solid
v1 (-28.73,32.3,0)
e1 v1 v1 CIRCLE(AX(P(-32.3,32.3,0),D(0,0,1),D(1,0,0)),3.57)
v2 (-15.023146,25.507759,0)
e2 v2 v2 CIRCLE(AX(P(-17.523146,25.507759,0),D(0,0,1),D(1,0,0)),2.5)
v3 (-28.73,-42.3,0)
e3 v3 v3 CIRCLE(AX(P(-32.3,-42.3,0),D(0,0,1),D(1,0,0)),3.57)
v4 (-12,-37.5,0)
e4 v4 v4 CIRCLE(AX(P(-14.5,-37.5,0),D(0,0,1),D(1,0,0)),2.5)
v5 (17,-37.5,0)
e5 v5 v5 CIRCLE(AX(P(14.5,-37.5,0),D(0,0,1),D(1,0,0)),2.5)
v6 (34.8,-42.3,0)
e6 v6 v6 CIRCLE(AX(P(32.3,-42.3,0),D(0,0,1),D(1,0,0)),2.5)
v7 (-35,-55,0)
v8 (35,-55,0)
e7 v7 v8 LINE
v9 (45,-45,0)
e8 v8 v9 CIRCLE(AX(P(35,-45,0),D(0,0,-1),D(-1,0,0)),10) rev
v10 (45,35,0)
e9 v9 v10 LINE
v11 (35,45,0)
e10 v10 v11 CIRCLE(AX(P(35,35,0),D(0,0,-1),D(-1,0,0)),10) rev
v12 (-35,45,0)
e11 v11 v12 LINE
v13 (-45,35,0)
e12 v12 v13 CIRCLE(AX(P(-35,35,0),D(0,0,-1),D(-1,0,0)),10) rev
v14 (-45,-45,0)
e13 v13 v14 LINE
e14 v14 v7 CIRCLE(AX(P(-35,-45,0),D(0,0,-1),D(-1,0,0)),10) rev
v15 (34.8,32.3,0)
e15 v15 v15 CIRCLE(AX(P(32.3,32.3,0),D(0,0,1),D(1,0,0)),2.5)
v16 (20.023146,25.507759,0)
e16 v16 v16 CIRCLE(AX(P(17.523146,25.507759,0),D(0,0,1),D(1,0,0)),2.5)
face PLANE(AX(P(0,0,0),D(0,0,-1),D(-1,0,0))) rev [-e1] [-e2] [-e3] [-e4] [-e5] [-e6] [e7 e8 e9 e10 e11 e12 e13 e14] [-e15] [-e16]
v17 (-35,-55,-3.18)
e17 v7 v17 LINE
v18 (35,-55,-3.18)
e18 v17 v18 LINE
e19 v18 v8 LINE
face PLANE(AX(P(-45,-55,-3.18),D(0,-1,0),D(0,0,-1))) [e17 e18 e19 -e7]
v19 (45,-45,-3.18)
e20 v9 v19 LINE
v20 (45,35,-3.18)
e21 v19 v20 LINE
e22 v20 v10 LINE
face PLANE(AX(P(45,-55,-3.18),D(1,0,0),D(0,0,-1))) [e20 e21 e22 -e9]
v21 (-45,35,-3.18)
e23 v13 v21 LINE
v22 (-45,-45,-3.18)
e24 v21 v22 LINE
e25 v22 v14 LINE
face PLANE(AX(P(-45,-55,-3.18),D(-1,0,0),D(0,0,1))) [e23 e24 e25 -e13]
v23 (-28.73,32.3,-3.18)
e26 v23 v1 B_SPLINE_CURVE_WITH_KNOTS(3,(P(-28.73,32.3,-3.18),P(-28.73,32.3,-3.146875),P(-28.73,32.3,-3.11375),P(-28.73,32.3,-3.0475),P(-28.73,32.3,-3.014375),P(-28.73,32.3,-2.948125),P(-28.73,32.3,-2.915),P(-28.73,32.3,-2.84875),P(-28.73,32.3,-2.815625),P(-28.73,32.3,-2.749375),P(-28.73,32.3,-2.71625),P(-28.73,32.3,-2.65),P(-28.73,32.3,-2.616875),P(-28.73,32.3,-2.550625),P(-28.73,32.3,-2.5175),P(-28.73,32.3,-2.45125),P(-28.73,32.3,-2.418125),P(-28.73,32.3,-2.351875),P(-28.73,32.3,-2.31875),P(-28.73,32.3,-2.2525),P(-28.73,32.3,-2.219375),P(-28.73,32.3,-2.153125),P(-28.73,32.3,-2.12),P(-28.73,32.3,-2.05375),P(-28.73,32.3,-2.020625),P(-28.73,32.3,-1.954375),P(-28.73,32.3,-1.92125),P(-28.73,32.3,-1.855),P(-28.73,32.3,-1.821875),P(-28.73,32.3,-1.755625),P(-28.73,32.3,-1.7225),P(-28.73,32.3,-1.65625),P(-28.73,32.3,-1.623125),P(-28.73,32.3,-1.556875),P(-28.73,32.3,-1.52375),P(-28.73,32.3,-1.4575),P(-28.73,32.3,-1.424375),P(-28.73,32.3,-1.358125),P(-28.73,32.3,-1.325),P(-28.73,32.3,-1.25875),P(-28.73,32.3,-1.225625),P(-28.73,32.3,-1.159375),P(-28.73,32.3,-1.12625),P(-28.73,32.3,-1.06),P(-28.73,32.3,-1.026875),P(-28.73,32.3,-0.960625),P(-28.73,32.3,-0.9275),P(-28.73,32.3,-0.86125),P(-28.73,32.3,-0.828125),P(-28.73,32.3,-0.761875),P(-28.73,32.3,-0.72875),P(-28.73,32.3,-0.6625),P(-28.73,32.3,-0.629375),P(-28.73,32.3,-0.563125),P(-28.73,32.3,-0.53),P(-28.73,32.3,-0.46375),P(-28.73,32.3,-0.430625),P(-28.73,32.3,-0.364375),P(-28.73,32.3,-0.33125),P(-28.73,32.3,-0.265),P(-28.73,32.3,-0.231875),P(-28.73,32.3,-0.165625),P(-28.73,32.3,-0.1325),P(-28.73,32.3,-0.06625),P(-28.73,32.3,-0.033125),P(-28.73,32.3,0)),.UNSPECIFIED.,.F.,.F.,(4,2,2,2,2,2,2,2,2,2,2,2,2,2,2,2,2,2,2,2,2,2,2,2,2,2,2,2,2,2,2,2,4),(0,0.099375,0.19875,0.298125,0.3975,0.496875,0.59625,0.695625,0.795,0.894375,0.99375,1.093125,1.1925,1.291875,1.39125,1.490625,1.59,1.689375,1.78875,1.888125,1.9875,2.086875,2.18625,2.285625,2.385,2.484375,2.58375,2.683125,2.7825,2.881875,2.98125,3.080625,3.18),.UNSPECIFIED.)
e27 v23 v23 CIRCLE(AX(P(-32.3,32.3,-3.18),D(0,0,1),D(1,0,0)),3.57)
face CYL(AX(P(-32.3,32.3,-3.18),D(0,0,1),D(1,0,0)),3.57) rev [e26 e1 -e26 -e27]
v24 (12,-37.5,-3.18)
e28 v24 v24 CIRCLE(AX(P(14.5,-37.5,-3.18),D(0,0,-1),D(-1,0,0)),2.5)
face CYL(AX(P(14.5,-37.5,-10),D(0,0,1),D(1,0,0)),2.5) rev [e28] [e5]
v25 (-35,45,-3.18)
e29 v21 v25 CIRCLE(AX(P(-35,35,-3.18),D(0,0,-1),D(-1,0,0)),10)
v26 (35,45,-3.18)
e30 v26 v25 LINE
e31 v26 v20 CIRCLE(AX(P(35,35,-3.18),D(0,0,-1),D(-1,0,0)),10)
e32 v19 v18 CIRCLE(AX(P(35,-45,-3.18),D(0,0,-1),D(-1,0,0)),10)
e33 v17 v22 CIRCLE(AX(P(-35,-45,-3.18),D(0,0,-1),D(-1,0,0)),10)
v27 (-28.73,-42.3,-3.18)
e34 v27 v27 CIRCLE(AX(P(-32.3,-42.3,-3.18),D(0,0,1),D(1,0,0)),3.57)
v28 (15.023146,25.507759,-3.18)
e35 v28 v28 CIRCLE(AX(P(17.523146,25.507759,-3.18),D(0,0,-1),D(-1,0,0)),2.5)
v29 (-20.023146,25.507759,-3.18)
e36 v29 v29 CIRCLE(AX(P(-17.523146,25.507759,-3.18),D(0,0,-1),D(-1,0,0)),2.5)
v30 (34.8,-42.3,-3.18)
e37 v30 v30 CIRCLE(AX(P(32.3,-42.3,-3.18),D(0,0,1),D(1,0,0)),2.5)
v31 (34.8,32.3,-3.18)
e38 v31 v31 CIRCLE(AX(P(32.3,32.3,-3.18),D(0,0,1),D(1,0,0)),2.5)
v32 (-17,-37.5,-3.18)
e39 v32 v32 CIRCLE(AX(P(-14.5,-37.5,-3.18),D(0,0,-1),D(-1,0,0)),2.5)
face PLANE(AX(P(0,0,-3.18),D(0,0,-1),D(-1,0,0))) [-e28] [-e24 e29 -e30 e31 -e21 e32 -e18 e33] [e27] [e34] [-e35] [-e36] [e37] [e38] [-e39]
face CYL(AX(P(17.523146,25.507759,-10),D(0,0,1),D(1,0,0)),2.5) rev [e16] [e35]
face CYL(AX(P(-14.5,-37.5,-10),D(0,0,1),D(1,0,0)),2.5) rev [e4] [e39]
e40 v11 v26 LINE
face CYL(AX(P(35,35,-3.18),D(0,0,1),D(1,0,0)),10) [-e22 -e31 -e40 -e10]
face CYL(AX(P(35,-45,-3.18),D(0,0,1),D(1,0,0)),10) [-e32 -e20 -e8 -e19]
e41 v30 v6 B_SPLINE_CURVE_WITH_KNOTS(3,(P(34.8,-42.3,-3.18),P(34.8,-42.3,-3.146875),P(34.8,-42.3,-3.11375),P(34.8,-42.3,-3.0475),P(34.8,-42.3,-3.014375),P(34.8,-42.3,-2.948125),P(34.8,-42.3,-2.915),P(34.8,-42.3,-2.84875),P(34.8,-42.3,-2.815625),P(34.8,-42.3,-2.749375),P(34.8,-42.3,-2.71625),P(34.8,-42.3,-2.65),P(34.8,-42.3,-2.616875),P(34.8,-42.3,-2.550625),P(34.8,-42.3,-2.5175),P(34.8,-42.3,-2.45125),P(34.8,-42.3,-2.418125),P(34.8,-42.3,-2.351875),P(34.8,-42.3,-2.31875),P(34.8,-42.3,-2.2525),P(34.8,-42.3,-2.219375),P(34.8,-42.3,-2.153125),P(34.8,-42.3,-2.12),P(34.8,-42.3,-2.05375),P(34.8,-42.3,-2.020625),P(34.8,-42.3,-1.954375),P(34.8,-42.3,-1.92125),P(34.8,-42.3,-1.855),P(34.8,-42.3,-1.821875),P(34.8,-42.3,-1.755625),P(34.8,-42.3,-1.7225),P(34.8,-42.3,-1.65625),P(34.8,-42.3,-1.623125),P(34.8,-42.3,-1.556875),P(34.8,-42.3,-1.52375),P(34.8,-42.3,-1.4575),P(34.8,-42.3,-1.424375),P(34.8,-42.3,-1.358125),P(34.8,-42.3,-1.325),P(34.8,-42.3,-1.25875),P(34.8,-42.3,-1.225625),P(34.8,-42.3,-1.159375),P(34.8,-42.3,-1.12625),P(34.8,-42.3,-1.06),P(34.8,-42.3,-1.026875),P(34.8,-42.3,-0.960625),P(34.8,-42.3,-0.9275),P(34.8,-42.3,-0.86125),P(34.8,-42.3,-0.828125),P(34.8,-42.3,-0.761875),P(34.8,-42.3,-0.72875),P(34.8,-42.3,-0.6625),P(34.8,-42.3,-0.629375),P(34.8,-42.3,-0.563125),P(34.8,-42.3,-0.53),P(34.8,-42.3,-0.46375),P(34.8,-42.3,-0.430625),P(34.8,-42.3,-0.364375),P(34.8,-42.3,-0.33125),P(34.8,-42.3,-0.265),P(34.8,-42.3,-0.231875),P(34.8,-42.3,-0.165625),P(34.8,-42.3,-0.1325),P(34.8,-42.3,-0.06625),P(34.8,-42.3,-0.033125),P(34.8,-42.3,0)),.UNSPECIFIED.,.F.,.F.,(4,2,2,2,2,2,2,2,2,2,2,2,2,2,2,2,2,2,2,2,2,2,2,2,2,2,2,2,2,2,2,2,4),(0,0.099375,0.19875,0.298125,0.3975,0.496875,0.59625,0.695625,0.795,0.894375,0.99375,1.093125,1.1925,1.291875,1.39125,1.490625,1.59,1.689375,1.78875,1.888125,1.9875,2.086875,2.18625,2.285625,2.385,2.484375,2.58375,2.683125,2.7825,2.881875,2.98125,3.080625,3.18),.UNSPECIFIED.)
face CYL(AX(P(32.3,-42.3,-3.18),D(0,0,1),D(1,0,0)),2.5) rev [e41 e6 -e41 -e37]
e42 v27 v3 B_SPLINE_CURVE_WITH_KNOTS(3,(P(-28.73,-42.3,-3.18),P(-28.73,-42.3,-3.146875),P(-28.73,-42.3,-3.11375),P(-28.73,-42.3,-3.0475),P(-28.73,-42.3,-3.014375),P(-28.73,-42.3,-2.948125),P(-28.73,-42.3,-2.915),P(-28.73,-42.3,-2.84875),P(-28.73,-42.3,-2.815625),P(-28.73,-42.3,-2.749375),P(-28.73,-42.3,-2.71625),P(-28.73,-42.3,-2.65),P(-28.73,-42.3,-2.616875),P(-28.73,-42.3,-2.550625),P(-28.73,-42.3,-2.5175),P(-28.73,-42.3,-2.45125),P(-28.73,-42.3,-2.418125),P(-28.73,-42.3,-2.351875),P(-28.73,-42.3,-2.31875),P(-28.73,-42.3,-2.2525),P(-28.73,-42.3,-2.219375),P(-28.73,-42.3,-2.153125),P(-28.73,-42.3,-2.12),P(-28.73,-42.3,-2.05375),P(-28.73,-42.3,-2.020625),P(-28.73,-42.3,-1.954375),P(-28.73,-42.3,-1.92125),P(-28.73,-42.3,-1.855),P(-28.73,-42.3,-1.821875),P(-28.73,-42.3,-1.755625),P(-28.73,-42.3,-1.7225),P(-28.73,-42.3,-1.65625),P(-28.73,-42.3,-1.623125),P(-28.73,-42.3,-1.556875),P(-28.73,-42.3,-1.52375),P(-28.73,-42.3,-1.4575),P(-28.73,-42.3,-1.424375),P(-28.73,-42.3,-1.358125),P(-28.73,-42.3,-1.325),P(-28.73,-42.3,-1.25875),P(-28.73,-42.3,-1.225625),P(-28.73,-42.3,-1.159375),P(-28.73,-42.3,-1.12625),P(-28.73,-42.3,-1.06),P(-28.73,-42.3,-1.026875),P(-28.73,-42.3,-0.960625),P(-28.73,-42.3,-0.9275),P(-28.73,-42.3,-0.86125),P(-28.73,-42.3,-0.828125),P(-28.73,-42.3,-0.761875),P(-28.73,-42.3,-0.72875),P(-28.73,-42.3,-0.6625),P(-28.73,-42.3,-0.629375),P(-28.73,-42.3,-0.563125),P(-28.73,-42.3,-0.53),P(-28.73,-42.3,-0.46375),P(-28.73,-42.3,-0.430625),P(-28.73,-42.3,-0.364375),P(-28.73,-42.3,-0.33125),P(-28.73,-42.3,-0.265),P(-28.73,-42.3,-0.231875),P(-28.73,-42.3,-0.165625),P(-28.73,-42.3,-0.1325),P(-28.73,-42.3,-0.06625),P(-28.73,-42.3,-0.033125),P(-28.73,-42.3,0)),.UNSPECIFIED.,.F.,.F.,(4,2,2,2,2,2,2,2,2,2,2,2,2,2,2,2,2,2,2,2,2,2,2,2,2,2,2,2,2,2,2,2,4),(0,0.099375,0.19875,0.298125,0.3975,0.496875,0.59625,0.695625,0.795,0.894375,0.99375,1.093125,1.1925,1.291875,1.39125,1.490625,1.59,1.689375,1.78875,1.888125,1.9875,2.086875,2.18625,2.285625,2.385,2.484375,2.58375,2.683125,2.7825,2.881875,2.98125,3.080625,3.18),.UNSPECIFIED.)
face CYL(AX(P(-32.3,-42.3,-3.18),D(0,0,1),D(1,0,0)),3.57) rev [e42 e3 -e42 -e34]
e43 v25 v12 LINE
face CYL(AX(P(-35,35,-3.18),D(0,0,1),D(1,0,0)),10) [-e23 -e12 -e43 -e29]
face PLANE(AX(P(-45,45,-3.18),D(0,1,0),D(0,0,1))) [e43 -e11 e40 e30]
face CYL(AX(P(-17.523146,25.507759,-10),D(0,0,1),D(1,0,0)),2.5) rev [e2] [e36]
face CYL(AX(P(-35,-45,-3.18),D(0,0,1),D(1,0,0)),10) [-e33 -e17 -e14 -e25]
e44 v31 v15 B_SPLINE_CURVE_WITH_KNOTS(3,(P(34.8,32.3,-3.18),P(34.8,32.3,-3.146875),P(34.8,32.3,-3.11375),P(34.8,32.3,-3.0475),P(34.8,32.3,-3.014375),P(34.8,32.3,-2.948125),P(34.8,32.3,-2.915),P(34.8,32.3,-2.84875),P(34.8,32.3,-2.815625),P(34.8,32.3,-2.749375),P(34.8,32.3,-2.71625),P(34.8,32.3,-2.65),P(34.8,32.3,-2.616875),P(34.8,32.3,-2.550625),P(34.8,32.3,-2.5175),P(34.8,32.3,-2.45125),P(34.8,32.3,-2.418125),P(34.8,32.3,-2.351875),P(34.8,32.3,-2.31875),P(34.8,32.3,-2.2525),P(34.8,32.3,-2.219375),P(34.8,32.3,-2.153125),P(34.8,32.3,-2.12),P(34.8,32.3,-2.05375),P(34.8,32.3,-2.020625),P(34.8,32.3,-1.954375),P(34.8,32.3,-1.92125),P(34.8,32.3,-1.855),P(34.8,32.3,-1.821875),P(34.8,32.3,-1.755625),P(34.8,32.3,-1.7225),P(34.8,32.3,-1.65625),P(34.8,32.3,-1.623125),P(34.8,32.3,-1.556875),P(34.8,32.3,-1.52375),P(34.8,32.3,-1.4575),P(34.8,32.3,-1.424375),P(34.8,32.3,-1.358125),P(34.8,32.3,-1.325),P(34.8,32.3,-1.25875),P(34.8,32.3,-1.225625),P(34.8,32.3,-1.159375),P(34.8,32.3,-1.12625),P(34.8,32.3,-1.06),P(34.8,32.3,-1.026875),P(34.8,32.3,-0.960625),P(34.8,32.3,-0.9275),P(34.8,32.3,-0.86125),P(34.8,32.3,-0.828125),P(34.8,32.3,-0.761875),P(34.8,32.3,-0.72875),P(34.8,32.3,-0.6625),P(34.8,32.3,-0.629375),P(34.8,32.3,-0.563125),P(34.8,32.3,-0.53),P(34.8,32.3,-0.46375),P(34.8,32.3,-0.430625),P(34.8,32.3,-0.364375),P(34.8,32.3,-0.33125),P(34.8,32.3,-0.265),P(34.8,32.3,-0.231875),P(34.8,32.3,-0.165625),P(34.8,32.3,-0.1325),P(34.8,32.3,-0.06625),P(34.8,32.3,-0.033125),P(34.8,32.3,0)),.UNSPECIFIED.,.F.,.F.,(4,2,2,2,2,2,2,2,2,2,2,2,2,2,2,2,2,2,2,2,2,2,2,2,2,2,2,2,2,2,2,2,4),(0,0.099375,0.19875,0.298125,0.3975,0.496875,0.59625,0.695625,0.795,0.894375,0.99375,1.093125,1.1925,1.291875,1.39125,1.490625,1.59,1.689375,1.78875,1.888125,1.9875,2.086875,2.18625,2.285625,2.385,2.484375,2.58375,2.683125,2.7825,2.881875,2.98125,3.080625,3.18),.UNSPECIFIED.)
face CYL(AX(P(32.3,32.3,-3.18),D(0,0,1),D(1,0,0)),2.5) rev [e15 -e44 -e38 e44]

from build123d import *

# Parameters (mm, degrees)
SKETCH1_W           = 90
SKETCH1_H           = 100
SKETCH1_R           = 2.5
SKETCH1_R_2         = 3.57
BOSS_EXTRUDE1_DEPTH = 3.18
FILLET1_R           = 10
SKETCH2_R           = 2.5
CUT_EXTRUDE1_DEPTH  = 10


with BuildPart() as part:
    # Sketch1 → Boss-Extrude1 (new body)
    with BuildSketch(Plane.XY):
        with Locations((0, -5)):
            Rectangle(SKETCH1_W, SKETCH1_H)
        with Locations((32.3, -42.3)):
            Circle(SKETCH1_R, mode=Mode.SUBTRACT)
        with Locations((-32.3, -42.3)):
            Circle(SKETCH1_R_2, mode=Mode.SUBTRACT)
        with Locations((-32.3, 32.3)):
            Circle(SKETCH1_R_2, mode=Mode.SUBTRACT)
        with Locations((32.3, 32.3)):
            Circle(SKETCH1_R, mode=Mode.SUBTRACT)
    extrude(amount=-BOSS_EXTRUDE1_DEPTH)

    # Fillet1
    fillet1_edges = [part.edges().sort_by_distance(p)[0] for p in [
        (-45, 45, -1.59),
        (45, 45, -1.59),
        (45, -55, -1.59),
        (-45, -55, -1.59),
    ]]
    fillet(fillet1_edges, radius=FILLET1_R)

    # Sketch2 → Cut-Extrude1 (cut)
    with BuildSketch(Plane.XY):
        with Locations((-14.5, -37.5)):
            Circle(SKETCH2_R)
        with Locations((14.5, -37.5)):
            Circle(SKETCH2_R)
        with Locations((-17.523146435, 25.507758855)):
            Circle(SKETCH2_R)
        with Locations((17.523146435, 25.507758855)):
            Circle(SKETCH2_R)
    extrude(amount=-CUT_EXTRUDE1_DEPTH, mode=Mode.SUBTRACT)


solid = part.part
